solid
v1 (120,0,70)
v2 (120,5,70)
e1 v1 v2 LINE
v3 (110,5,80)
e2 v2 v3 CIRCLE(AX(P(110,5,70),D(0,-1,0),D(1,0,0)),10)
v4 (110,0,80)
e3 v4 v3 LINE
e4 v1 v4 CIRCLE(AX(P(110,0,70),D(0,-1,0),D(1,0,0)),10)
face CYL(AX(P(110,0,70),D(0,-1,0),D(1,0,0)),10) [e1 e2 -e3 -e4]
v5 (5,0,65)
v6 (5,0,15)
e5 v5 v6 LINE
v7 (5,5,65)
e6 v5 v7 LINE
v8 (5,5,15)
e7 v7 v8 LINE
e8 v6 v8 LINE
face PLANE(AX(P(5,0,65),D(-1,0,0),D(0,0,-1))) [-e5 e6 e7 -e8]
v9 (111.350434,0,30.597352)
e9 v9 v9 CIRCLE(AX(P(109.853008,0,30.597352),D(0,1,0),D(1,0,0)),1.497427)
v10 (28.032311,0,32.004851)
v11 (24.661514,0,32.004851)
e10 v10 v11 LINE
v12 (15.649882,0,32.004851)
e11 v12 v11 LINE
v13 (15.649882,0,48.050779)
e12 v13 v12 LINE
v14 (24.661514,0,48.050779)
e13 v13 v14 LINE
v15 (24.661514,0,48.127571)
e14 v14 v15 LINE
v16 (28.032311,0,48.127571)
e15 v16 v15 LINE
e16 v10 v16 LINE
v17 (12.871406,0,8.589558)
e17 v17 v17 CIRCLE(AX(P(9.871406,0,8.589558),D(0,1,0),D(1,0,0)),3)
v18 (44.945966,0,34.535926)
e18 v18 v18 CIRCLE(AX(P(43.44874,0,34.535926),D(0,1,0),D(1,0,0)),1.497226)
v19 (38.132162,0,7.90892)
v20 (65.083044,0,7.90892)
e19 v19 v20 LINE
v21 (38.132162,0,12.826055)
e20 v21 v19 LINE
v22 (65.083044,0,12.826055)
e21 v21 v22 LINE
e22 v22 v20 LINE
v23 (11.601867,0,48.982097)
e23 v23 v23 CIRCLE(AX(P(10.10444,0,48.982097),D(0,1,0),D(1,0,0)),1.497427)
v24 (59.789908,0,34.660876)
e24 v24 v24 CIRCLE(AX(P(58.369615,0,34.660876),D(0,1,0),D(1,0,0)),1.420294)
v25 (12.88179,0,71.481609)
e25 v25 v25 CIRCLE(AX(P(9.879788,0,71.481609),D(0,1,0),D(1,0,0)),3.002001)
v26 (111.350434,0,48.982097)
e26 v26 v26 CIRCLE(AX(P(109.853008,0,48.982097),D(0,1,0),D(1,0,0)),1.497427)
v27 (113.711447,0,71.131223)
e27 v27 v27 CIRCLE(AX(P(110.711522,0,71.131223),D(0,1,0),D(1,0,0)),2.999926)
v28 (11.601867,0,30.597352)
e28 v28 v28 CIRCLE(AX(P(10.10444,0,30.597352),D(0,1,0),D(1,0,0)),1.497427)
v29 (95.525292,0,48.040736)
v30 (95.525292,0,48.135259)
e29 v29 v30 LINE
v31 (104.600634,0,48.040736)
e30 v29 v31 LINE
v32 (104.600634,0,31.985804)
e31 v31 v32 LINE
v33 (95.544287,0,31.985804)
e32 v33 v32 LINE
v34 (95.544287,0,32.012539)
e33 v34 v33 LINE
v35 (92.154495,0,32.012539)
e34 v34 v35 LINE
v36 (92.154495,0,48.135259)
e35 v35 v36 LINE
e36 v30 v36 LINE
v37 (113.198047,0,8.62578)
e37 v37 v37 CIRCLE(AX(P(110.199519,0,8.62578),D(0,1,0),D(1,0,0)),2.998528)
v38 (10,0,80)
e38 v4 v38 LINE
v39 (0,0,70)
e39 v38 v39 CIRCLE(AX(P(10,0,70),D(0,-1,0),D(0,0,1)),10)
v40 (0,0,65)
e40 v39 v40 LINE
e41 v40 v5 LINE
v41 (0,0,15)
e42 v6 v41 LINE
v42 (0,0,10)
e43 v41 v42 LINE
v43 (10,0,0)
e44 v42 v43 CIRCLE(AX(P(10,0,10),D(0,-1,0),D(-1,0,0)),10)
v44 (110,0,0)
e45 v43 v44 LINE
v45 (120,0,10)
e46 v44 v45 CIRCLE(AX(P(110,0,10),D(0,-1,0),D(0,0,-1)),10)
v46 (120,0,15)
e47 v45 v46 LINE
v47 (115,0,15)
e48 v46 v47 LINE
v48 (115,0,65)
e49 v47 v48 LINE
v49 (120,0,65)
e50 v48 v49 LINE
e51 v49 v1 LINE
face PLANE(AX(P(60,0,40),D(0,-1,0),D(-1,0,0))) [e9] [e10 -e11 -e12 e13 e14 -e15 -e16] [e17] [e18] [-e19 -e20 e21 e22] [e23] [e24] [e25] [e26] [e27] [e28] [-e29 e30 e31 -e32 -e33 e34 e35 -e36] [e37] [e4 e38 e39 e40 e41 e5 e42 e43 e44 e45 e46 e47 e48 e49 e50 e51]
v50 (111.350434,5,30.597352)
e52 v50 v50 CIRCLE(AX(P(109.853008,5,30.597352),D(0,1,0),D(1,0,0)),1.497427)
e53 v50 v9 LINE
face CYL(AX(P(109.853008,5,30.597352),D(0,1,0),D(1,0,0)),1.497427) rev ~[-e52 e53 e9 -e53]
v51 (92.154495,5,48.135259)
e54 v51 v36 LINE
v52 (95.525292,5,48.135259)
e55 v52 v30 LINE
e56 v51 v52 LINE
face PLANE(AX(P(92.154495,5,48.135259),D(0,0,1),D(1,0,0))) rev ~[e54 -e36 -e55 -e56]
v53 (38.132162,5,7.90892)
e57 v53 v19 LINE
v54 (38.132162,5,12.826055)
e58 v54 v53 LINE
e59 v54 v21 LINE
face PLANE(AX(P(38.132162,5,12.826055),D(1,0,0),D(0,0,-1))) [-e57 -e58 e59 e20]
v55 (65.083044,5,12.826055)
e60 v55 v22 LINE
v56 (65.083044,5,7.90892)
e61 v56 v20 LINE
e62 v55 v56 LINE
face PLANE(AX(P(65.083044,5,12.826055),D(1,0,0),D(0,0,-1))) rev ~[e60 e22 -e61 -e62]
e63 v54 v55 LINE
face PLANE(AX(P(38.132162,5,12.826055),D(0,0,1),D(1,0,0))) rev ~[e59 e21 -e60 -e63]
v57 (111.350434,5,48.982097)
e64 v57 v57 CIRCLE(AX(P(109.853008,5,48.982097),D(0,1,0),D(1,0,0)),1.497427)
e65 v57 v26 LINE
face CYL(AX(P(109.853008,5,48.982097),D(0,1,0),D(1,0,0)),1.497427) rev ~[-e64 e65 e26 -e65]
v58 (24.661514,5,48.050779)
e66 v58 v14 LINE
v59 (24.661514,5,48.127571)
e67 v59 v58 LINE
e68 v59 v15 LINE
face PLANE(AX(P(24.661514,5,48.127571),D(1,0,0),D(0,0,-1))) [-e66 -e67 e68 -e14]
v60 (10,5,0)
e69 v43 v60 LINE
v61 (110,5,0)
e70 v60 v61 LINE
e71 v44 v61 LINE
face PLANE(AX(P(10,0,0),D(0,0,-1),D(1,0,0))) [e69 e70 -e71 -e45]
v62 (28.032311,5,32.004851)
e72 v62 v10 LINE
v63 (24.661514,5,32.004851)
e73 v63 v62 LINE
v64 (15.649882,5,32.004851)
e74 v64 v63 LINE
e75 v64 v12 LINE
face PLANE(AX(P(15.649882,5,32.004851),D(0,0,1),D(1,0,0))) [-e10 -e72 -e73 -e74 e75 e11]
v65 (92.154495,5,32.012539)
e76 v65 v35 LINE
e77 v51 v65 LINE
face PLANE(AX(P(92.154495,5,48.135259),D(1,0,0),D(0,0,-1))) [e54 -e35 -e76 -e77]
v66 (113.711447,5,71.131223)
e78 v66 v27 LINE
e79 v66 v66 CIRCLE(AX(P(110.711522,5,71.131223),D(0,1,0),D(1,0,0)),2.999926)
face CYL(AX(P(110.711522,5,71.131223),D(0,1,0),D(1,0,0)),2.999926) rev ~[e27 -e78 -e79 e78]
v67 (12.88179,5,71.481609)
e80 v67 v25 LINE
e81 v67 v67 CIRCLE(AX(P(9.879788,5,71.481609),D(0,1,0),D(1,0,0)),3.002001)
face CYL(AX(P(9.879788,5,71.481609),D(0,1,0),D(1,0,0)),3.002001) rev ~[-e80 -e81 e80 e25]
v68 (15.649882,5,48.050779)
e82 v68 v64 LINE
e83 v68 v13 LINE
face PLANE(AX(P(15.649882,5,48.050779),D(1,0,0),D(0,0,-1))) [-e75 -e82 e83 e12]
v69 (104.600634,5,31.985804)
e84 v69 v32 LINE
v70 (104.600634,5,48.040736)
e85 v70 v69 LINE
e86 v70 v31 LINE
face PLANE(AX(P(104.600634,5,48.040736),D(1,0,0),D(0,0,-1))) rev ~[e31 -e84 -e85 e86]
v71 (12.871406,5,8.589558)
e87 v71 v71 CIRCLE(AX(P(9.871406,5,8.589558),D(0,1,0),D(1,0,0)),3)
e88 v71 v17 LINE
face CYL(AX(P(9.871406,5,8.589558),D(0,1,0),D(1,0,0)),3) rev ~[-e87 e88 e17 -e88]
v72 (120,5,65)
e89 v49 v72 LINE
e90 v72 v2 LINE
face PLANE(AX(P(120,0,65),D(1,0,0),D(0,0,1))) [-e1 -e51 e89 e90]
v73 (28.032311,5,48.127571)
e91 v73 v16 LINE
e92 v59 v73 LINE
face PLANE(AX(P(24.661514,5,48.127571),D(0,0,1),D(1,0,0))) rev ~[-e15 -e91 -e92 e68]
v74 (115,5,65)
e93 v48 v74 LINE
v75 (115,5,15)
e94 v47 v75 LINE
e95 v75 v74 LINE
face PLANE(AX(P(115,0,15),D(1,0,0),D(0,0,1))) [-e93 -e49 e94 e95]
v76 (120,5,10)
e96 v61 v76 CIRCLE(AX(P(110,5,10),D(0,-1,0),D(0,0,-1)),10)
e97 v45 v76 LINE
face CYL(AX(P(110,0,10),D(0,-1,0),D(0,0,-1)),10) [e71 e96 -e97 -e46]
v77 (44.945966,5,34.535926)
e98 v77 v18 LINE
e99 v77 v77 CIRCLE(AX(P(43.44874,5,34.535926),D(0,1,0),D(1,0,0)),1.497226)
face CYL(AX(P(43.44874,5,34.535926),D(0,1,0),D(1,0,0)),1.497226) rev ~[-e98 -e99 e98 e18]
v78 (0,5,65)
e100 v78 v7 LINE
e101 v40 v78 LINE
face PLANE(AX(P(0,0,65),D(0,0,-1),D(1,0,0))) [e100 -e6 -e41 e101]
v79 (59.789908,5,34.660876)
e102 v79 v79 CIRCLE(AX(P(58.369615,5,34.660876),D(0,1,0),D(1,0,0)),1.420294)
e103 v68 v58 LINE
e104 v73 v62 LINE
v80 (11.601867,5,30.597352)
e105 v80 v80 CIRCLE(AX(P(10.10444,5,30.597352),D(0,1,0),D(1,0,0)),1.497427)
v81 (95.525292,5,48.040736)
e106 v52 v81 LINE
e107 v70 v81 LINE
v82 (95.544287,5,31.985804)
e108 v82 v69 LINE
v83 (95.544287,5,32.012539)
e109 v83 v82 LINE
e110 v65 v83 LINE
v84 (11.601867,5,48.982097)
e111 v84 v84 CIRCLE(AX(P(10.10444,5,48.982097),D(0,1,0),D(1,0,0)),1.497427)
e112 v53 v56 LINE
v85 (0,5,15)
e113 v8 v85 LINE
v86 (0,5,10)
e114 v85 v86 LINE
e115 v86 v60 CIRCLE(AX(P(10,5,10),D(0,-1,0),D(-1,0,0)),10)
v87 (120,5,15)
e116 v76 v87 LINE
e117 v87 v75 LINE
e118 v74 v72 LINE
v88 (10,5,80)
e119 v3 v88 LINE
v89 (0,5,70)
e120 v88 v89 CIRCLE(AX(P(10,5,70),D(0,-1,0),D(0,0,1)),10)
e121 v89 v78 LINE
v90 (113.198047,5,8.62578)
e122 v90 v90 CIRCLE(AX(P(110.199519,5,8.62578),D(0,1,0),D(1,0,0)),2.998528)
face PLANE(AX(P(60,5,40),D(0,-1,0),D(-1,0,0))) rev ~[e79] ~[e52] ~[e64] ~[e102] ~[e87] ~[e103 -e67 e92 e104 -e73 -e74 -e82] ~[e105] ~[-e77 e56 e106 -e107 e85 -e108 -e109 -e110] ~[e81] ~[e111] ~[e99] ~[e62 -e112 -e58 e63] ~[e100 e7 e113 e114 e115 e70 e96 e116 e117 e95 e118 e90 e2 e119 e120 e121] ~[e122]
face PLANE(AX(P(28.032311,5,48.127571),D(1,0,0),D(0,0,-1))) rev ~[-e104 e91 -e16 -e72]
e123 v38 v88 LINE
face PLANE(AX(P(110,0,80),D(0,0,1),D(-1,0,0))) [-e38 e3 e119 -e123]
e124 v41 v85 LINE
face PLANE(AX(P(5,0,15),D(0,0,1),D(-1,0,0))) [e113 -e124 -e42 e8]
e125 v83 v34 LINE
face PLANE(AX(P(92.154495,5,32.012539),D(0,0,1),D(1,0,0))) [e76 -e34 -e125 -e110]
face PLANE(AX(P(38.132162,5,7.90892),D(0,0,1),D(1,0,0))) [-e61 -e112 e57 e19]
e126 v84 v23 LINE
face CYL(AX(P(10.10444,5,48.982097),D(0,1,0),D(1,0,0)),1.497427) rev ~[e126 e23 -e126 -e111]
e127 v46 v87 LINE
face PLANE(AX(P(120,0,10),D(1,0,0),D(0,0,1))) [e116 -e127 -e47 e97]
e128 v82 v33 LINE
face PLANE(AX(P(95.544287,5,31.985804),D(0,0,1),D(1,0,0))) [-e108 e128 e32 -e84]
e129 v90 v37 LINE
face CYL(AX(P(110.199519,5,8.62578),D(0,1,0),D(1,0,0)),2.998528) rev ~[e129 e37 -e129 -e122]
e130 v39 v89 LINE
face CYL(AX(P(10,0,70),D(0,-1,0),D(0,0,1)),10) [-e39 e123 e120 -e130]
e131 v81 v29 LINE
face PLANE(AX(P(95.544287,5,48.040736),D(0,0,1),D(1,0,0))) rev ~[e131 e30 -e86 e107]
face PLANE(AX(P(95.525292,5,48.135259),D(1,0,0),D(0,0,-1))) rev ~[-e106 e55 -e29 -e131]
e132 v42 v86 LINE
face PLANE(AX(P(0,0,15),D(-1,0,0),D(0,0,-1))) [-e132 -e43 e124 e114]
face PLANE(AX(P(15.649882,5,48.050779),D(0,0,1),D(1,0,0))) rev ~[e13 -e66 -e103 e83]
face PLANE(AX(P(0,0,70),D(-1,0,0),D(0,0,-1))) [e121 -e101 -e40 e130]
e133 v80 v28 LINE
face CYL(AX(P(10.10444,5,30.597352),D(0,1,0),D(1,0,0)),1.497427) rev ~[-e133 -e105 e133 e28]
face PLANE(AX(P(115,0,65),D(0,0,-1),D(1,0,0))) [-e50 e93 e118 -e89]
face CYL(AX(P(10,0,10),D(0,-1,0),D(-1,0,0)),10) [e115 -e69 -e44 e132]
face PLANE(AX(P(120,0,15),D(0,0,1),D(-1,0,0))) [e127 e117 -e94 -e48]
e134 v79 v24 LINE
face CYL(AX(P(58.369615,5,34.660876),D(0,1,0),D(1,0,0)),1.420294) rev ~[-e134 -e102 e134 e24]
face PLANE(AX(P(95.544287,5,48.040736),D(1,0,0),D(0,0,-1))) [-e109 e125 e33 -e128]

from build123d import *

# Parameters (mm, degrees)
BOSS_EXTRUDE1_DEPTH = 5
SKETCH2_R           = 3
SKETCH2_R_2         = 3.002001364
SKETCH2_R_3         = 2.999925667
SKETCH2_R_4         = 2.998527559
CUT_EXTRUDE2_DEPTH  = 5
SKETCH6_W           = 9.011632363
SKETCH6_H           = 16.045928836
SKETCH6_W_2         = 9.056347314
SKETCH6_H_2         = 16.054931831
CUT_EXTRUDE4_DEPTH  = 5
SKETCH8_R           = 1.49722604
SKETCH8_R_2         = 1.420293569
CUT_EXTRUDE6_DEPTH  = 5
SKETCH16_W          = 26.950881965
SKETCH16_H          = 4.917135509
CUT_EXTRUDE9_DEPTH  = 5
SKETCH11_R          = 1.497426658
SKETCH11_W          = 3.370796783
SKETCH11_H          = 16.122720009
CUT_EXTRUDE10_DEPTH = 10
SKETCH18_W          = 2.969435554
SKETCH18_H          = 16.028197631
CUT_EXTRUDE11_DEPTH = 10


with BuildPart() as part:
    # Sketch1 → Boss-Extrude1 (new body)
    with BuildSketch(Plane(origin=(0, 0, 0), x_dir=(1, 0, 0), z_dir=(0, 1, 0))):
        with BuildLine():
            Line((10, 0), (110, 0))
            ThreePointArc((110, 0), (117.071067812, -2.928932188), (120, -10))
            Line((120, -10), (120, -15))
            Line((120, -15), (115, -15))
            Line((115, -15), (115, -65))
            Line((115, -65), (120, -65))
            Line((120, -65), (120, -70))
            ThreePointArc((120, -70), (117.071067812, -77.071067812), (110, -80))
            Line((110, -80), (10, -80))
            ThreePointArc((10, -80), (2.928932188, -77.071067812), (0, -70))
            Line((0, -70), (0, -65))
            Line((0, -65), (5, -65))
            Line((5, -65), (5, -15))
            Line((5, -15), (0, -15))
            Line((0, -15), (0, -10))
            ThreePointArc((0, -10), (2.928932188, -2.928932188), (10, 0))
        make_face()
    extrude(amount=BOSS_EXTRUDE1_DEPTH)

    # Sketch2 → Cut-Extrude2 (cut)
    with BuildSketch(Plane(origin=(0, 5, 0), x_dir=(1, 0, 0), z_dir=(0, 1, 0))):
        with Locations((9.871405569, -8.58955783)):
            Circle(SKETCH2_R)
        with Locations((9.87978839, -71.481609293)):
            Circle(SKETCH2_R_2)
        with Locations((110.711521692, -71.131223036)):
            Circle(SKETCH2_R_3)
        with Locations((110.199519212, -8.625779617)):
            Circle(SKETCH2_R_4)
    extrude(amount=-CUT_EXTRUDE2_DEPTH, mode=Mode.SUBTRACT)

    # Sketch6 → Cut-Extrude4 (cut)
    with BuildSketch(Plane(origin=(0, 5, 0), x_dir=(1, 0, 0), z_dir=(0, 1, 0))):
        with Locations((20.155698208, -40.027815076)):
            Rectangle(SKETCH6_W, SKETCH6_H)
        with Locations((100.072460304, -40.013270259)):
            Rectangle(SKETCH6_W_2, SKETCH6_H_2)
    extrude(amount=-CUT_EXTRUDE4_DEPTH, mode=Mode.SUBTRACT)

    # Sketch8 → Cut-Extrude6 (cut)
    with BuildSketch(Plane(origin=(0, 5, 0), x_dir=(1, 0, 0), z_dir=(0, 1, 0))):
        with Locations((43.448740086, -34.53592606)):
            Circle(SKETCH8_R)
        with Locations((58.369614813, -34.660876222)):
            Circle(SKETCH8_R_2)
    extrude(amount=-CUT_EXTRUDE6_DEPTH, mode=Mode.SUBTRACT)

    # Sketch16 → Cut-Extrude9 (cut)
    with BuildSketch(Plane(origin=(0, 5, 0), x_dir=(1, 0, 0), z_dir=(0, 1, 0))):
        with Locations((51.607602958, -10.367487293)):
            Rectangle(SKETCH16_W, SKETCH16_H)
    extrude(amount=-CUT_EXTRUDE9_DEPTH, mode=Mode.SUBTRACT)

    # Sketch11 → Cut-Extrude10 (cut)
    with BuildSketch(Plane(origin=(0, 5, 0), x_dir=(1, 0, 0), z_dir=(0, 1, 0))):
        with Locations((10.104440234, -30.597351974)):
            Circle(SKETCH11_R)
        with Locations((10.104440234, -48.982097467)):
            Circle(SKETCH11_R)
        with Locations((109.853007641, -30.597351974)):
            Circle(SKETCH11_R)
        with Locations((109.853007641, -48.982097467)):
            Circle(SKETCH11_R)
        with Locations((93.839893868, -40.073898548)):
            Rectangle(SKETCH11_W, SKETCH11_H)
        with Locations((26.346912782, -40.066210662)):
            Rectangle(SKETCH11_W, SKETCH11_H)
    extrude(amount=-CUT_EXTRUDE10_DEPTH, mode=Mode.SUBTRACT)

    # Sketch18 → Cut-Extrude11 (cut)
    with BuildSketch(Plane(origin=(0, 5, 0), x_dir=(1, 0, 0), z_dir=(0, 1, 0))):
        with Locations((95.940490682, -40.026637359)):
            Rectangle(SKETCH18_W, SKETCH18_H)
    extrude(amount=-CUT_EXTRUDE11_DEPTH, mode=Mode.SUBTRACT)


solid = part.part
